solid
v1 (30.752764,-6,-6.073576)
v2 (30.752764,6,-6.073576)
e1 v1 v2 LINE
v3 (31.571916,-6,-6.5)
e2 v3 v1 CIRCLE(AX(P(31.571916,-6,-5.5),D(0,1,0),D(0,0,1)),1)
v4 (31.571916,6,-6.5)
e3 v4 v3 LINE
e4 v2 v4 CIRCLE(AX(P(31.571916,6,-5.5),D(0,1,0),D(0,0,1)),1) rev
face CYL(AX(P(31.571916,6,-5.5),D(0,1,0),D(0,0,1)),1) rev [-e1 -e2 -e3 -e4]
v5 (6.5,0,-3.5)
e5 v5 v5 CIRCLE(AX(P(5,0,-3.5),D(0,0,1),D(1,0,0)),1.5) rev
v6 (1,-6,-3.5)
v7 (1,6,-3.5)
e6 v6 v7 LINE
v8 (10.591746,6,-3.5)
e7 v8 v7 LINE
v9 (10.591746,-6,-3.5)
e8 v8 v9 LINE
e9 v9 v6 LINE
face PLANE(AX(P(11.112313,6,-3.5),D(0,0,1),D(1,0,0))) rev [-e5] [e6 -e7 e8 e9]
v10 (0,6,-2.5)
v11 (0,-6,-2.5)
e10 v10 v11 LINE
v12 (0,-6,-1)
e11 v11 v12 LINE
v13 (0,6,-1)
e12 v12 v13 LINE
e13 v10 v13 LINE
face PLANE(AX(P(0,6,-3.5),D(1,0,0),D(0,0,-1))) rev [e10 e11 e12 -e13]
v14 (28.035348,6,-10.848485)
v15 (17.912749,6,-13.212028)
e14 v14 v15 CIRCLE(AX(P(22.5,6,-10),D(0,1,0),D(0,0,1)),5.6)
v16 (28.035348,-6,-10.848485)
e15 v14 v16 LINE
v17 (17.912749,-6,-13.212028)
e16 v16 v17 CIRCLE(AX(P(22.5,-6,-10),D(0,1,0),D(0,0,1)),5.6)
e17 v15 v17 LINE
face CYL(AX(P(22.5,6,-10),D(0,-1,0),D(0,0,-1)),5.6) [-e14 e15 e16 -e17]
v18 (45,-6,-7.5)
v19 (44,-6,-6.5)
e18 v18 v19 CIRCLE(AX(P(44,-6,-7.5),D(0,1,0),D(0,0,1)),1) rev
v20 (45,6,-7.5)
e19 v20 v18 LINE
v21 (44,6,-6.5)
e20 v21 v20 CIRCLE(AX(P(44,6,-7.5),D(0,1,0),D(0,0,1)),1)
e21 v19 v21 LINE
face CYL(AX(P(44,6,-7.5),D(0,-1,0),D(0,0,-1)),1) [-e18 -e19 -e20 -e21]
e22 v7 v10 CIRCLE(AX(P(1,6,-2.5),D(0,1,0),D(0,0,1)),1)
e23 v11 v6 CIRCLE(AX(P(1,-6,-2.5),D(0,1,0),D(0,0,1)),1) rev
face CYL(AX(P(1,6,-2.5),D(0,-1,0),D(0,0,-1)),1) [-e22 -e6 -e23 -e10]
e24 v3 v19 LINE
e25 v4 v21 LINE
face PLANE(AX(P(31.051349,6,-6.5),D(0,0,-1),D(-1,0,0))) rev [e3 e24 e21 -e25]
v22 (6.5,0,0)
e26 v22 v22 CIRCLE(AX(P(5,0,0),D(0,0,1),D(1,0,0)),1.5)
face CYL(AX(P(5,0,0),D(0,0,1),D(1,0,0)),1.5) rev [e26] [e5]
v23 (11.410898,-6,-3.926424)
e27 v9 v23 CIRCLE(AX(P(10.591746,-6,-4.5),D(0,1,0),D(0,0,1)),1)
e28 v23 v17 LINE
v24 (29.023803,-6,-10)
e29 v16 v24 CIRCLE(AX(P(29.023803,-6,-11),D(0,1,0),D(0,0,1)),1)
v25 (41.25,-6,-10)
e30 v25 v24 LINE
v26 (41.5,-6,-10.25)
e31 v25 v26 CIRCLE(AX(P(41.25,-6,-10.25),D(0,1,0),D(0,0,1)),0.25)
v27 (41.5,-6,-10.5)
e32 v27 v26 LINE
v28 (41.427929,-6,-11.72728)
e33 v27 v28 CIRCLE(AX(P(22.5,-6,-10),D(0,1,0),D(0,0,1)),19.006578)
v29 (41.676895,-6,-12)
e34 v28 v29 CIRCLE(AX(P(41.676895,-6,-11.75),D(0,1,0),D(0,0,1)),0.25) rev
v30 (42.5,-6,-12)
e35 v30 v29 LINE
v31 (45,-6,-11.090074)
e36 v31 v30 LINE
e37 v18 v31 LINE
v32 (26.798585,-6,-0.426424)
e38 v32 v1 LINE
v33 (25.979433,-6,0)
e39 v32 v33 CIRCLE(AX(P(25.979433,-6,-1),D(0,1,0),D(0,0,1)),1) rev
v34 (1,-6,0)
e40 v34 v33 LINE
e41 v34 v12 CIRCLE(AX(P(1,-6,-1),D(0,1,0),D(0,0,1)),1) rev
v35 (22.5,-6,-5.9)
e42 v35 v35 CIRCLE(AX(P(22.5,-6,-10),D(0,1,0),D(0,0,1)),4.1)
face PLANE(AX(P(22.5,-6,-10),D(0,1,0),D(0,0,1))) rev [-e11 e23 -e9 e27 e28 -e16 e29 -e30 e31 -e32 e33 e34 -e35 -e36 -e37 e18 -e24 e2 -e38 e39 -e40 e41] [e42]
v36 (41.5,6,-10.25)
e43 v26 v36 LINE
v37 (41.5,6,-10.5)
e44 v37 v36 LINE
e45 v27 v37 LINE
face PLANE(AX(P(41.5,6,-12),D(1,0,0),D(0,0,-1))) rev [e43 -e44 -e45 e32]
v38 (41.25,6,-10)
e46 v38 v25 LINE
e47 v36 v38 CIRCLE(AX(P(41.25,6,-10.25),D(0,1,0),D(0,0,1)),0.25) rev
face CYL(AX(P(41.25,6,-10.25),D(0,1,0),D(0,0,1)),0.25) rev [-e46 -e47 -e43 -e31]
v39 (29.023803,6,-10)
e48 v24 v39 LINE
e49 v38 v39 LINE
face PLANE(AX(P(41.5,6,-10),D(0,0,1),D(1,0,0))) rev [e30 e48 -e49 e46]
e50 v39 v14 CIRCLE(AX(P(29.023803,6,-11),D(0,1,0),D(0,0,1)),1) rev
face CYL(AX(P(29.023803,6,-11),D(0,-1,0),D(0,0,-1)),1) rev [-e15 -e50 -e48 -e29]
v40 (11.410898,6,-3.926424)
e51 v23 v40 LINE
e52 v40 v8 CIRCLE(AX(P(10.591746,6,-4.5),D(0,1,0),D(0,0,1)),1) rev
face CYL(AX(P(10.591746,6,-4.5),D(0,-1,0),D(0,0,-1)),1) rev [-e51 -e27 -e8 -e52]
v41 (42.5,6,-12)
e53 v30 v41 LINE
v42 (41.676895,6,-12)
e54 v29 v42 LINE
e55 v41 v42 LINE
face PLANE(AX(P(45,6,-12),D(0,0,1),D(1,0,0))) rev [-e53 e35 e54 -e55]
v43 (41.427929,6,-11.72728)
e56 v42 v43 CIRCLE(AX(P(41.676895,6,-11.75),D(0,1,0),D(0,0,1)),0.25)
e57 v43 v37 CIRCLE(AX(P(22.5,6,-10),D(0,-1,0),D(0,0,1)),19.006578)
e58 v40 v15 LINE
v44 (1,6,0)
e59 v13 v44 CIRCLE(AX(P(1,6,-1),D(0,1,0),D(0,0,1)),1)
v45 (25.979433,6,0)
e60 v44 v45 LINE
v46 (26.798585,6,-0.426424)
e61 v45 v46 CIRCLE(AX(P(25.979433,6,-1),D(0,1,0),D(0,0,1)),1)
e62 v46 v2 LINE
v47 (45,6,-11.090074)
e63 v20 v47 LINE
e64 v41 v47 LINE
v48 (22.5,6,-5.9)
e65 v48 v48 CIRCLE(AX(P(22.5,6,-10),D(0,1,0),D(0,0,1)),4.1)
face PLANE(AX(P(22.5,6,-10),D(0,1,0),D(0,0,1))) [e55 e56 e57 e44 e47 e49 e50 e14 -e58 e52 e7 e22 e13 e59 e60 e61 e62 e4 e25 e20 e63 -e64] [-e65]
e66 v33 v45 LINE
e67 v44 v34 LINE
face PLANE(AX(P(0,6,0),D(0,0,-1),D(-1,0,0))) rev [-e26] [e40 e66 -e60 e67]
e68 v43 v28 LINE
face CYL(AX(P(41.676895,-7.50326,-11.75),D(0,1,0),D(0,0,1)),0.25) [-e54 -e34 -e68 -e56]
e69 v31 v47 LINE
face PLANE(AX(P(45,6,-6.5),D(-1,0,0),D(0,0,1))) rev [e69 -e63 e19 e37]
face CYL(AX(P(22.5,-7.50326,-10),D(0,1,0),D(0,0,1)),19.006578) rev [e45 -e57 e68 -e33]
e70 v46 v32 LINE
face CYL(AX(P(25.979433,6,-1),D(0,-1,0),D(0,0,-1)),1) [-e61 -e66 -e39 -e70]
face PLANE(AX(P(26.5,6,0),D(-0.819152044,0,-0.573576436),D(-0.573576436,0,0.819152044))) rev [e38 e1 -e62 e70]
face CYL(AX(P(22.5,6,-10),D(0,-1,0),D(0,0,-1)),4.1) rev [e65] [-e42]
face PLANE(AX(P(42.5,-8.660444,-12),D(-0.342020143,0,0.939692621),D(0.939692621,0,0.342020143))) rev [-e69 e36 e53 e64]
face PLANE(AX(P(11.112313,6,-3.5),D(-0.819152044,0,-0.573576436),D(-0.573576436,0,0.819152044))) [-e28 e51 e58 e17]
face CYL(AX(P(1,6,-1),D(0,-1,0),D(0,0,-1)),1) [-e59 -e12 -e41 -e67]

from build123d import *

# Parameters (mm, degrees)
SKETCH1_R             = 4.1
BOSS_EXTRUDE1_DEPTH   = 6
F_3_0MM_DOWEL_HOLE1_D = 3
BOSS_EXTRUDE3_DEPTH   = 12
FILLET1_R             = 0.25
FILLET3_R             = 1
CUT_EXTRUDE3_DEPTH    = 12


with BuildPart() as part:
    # Sketch1 → Boss-Extrude1 (new, symmetric)
    with BuildSketch(Plane(origin=(0, 0, 0), x_dir=(1, 0, 0), z_dir=(0, 1, 0))):
        with BuildLine():
            Line((0, 0), (26.5, 0))
            Line((26.5, 0), (31.051348998, 6.5))
            Line((31.051348998, 6.5), (45, 6.5))
            Line((45, 6.5), (45, 12))
            Line((45, 12), (41.5, 12))
            Line((41.5, 12), (41.5, 10))
            Line((41.5, 10), (28.1, 10))
            ThreePointArc((28.1, 10), (24.183952477, 15.340814924), (17.912748552, 13.212028044))
            Line((17.912748552, 13.212028044), (11.112313305, 3.5))
            Line((11.112313305, 3.5), (0, 3.5))
            Line((0, 3.5), (0, 0))
        make_face()
        with Locations(Location((22.5, 10, 0), (0, 0, 270))):
            Circle(SKETCH1_R, mode=Mode.SUBTRACT)
    extrude(amount=BOSS_EXTRUDE1_DEPTH, both=True)

    # Ø3.0mm Dowel Hole1 (through all)
    with Locations(Plane.XY):
        with Locations((5, 0)):
            Hole(F_3_0MM_DOWEL_HOLE1_D / 2)

    # Sketch5 → Boss-Extrude3 (add)
    with BuildSketch(Plane(origin=(0, 6, 0), x_dir=(1, 0, 0), z_dir=(0, 1, 0))):
        with BuildLine():
            Line((41.5, 12), (41.5, 10.5))
            ThreePointArc((41.5, 10.5), (41.465364553, 11.250978566), (41.401058171, 12))
            Line((41.401058171, 12), (41.5, 12))
        make_face()
    extrude(amount=-BOSS_EXTRUDE3_DEPTH)

    # Fillet1
    fillet1_edges = [part.edges().sort_by_distance(p)[0] for p in [
        (41.5, 0, -10),
        (41.401058171, 0, -12),
    ]]
    fillet(fillet1_edges, radius=FILLET1_R)

    # Fillet3
    fillet3_edges = [part.edges().sort_by_distance(p)[0] for p in [
        (31.051348998, 0, -6.5),
        (26.5, 0, 0),
        (0, 0, 0),
        (0, 0, -3.5),
        (11.112313305, 0, -3.5),
        (28.1, 0, -10),
        (45, 0, -6.5),
    ]]
    fillet(fillet3_edges, radius=FILLET3_R)

    # Sketch8 → Cut-Extrude3 (cut)
    with BuildSketch(Plane(origin=(0, 6, 0), x_dir=(1, 0, 0), z_dir=(0, 1, 0))):
        Polygon((45, 12), (42.5, 12), (45, 11.090074414), align=None)
    extrude(amount=-CUT_EXTRUDE3_DEPTH, mode=Mode.SUBTRACT)


solid = part.part
